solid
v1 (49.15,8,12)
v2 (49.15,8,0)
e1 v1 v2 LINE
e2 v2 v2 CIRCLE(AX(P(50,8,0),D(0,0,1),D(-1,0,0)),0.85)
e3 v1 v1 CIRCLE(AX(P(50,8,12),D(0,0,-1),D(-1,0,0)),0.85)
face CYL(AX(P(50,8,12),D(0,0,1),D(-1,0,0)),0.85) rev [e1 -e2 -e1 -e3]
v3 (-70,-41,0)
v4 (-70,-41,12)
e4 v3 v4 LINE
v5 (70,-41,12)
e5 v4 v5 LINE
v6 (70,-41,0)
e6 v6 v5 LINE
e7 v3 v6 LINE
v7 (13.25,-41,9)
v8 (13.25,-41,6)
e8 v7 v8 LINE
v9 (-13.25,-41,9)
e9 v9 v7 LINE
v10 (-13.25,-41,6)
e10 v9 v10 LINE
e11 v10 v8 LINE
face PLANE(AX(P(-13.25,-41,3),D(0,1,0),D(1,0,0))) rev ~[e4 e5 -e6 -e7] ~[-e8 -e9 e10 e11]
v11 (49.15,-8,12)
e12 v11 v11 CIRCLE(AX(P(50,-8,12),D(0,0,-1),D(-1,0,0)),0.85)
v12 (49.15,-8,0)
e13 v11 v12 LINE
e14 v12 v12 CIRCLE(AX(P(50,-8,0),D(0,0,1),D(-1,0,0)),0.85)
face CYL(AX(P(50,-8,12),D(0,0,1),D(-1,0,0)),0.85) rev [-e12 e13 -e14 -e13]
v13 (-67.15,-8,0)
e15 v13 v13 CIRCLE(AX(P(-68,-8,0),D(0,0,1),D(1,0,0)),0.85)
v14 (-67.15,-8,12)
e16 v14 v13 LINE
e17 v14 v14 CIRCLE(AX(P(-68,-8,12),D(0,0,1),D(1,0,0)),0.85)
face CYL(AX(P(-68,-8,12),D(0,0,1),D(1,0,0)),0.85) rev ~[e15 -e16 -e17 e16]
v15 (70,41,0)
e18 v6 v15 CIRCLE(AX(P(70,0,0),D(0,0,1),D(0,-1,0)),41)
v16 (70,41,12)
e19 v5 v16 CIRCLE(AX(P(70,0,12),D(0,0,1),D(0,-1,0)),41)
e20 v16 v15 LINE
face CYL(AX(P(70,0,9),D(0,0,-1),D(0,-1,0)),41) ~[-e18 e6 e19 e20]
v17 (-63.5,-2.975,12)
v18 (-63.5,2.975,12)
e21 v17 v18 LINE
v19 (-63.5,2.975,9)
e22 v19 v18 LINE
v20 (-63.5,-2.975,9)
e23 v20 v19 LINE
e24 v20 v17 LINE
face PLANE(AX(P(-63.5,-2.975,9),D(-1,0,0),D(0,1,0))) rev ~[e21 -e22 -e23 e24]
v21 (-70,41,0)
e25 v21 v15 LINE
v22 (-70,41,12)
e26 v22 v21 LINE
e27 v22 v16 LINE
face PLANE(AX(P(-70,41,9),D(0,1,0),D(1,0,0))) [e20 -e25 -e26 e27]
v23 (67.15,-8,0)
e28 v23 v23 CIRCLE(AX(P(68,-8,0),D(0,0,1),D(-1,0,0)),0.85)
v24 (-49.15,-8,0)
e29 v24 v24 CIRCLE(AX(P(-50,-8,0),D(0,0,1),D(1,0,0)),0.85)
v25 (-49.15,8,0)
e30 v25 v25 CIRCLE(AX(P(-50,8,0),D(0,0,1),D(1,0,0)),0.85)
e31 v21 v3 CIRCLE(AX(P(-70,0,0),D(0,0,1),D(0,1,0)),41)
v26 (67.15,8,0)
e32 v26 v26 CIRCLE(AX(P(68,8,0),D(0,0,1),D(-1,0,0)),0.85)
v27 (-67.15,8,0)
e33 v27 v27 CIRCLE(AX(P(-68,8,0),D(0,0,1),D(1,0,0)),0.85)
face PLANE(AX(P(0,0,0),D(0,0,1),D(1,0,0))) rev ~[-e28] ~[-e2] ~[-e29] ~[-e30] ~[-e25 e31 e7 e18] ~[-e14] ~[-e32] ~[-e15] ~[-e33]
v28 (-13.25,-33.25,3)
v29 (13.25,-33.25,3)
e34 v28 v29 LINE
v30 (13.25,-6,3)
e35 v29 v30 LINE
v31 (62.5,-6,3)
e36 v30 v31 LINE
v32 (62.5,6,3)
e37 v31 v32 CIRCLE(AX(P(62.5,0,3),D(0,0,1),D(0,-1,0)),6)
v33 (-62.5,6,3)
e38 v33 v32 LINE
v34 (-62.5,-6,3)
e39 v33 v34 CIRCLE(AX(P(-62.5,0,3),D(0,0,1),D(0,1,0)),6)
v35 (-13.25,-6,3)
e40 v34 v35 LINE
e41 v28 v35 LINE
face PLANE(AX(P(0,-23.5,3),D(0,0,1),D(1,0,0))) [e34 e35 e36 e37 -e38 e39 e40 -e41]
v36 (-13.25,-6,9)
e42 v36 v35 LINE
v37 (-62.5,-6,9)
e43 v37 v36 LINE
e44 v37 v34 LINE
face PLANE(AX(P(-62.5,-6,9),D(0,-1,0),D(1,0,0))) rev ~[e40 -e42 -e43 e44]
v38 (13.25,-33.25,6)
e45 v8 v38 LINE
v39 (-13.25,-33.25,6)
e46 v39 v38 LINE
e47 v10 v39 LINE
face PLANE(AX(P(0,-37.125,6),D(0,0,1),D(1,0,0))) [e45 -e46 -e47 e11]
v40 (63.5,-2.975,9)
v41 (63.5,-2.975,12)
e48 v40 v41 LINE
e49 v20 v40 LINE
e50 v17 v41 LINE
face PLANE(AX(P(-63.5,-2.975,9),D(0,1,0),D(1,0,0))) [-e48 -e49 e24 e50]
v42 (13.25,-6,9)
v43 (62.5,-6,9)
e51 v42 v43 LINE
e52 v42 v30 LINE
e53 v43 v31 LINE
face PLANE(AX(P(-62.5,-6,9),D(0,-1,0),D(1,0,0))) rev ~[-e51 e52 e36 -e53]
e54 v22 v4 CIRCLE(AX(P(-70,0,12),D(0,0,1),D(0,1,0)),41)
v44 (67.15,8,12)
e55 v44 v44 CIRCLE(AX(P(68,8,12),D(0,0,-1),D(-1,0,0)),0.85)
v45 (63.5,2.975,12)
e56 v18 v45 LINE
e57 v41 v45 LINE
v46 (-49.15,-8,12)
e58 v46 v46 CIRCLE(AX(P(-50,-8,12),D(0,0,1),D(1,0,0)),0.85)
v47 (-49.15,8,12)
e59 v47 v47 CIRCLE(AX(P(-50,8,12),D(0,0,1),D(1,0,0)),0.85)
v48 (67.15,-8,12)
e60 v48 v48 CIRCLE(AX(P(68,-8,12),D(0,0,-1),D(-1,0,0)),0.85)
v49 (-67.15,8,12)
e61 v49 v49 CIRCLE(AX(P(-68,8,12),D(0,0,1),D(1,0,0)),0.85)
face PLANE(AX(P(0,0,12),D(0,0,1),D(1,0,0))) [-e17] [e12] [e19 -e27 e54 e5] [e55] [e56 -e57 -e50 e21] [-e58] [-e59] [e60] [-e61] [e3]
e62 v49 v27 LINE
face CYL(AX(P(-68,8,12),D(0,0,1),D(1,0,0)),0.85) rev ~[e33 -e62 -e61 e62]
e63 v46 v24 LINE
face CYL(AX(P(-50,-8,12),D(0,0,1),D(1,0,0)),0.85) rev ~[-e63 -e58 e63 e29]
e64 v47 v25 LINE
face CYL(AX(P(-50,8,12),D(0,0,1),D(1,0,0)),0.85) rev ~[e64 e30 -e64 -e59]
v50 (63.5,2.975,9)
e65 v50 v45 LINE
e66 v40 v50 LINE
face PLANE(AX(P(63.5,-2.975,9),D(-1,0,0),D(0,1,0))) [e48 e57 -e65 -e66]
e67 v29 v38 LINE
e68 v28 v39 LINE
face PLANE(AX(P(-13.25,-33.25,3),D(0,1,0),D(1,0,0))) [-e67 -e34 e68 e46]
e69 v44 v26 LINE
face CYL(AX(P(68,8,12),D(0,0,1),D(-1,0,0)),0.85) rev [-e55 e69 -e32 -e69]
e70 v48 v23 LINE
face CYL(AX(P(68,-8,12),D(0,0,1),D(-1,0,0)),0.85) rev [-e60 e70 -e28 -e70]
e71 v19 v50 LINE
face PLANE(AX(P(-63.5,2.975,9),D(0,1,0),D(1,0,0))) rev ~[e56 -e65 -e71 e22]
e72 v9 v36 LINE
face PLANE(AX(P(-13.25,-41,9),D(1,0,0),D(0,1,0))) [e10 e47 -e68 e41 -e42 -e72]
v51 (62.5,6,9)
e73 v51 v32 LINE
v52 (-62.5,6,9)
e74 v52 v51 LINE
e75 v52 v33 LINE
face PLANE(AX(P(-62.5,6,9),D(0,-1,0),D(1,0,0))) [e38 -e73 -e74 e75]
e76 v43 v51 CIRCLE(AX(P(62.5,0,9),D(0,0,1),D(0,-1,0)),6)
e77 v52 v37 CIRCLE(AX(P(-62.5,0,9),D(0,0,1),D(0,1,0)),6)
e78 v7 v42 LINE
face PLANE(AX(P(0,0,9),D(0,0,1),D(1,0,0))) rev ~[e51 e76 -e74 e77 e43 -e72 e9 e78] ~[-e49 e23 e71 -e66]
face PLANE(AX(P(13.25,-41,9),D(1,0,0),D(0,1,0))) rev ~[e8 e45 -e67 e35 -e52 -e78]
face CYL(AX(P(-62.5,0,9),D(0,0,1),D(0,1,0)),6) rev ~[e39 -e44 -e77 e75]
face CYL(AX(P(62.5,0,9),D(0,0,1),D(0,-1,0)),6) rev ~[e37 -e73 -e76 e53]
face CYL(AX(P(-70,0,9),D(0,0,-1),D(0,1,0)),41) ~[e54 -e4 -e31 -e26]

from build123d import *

# Parameters (mm, degrees)
PAD_DEPTH       = 9
POCKET_DEPTH    = 6
SKETCH002_W     = 26.5
SKETCH002_H     = 35
POCKET001_DEPTH = 6
SKETCH003_W     = 127
SKETCH003_H     = 5.95
PAD001_DEPTH    = 3
SKETCH004_R     = 0.85
POCKET002_DEPTH = 485.929265
SKETCH005_W     = 26.5
SKETCH005_H     = 7.75
PAD002_DEPTH    = 3


with BuildPart() as part:
    # Sketch → Pad (new body)
    with BuildSketch(Plane.XY):
        with BuildLine():
            ThreePointArc((-70, 41), (-111, 0), (-70, -41))
            Line((-70, -41), (70, -41))
            ThreePointArc((70, -41), (111, 0), (70, 41))
            Line((-70, 41), (70, 41))
        make_face()
    extrude(amount=PAD_DEPTH)

    # Sketch001 (on Face6 of Pad) → Pocket (cut)
    with BuildSketch(Plane.XY.offset(9)):
        with BuildLine():
            ThreePointArc((-62.5, 6), (-68.5, 0), (-62.5, -6))
            Line((-62.5, -6), (62.5, -6))
            ThreePointArc((62.5, -6), (68.5, 0), (62.5, 6))
            Line((-62.5, 6), (62.5, 6))
        make_face()
    extrude(amount=-POCKET_DEPTH, mode=Mode.SUBTRACT)

    # Sketch002 (on Face5 of Pocket) → Pocket001 (cut)
    with BuildSketch(Plane.XY.offset(9)):
        with Locations((0, -23.5)):
            Rectangle(SKETCH002_W, SKETCH002_H)
    extrude(amount=-POCKET001_DEPTH, mode=Mode.SUBTRACT)

    # Sketch003 (on Face5 of Pocket001) → Pad001 (join)
    with BuildSketch(Plane.XY.offset(9)):
        with BuildLine():
            ThreePointArc((-70, 41), (-111, 0), (-70, -41))
            Line((-70, -41), (70, -41))
            ThreePointArc((70, -41), (111, 0), (70, 41))
            Line((-70, 41), (70, 41))
        make_face()
        Rectangle(SKETCH003_W, SKETCH003_H, mode=Mode.SUBTRACT)
    extrude(amount=PAD001_DEPTH)

    # Sketch004 (on Face12 of Pad001) → Pocket002 (cut, through all)
    with BuildSketch(Plane.XY.offset(12)):
        with Locations((-68, -8)):
            Circle(SKETCH004_R)
        with Locations((-50, -8)):
            Circle(SKETCH004_R)
        with Locations((-50, 8)):
            Circle(SKETCH004_R)
        with Locations((-68, 8)):
            Circle(SKETCH004_R)
    pocket002 = extrude(amount=-POCKET002_DEPTH, mode=Mode.SUBTRACT)

    # Sketch005 (on Face10 of Pocket002) → Pad002 (join)
    with BuildSketch(Plane.XY.offset(3)):
        with Locations((0, -37.125)):
            Rectangle(SKETCH005_W, SKETCH005_H)
    extrude(amount=PAD002_DEPTH)

    # Mirrored: Pocket002 across Sketch004 V_Axis
    add(pocket002.mirror(Plane(origin=(0, 0, 12), x_dir=(0, 0, 1), z_dir=(1, 0, 0))), mode=Mode.SUBTRACT)


solid = part.part
